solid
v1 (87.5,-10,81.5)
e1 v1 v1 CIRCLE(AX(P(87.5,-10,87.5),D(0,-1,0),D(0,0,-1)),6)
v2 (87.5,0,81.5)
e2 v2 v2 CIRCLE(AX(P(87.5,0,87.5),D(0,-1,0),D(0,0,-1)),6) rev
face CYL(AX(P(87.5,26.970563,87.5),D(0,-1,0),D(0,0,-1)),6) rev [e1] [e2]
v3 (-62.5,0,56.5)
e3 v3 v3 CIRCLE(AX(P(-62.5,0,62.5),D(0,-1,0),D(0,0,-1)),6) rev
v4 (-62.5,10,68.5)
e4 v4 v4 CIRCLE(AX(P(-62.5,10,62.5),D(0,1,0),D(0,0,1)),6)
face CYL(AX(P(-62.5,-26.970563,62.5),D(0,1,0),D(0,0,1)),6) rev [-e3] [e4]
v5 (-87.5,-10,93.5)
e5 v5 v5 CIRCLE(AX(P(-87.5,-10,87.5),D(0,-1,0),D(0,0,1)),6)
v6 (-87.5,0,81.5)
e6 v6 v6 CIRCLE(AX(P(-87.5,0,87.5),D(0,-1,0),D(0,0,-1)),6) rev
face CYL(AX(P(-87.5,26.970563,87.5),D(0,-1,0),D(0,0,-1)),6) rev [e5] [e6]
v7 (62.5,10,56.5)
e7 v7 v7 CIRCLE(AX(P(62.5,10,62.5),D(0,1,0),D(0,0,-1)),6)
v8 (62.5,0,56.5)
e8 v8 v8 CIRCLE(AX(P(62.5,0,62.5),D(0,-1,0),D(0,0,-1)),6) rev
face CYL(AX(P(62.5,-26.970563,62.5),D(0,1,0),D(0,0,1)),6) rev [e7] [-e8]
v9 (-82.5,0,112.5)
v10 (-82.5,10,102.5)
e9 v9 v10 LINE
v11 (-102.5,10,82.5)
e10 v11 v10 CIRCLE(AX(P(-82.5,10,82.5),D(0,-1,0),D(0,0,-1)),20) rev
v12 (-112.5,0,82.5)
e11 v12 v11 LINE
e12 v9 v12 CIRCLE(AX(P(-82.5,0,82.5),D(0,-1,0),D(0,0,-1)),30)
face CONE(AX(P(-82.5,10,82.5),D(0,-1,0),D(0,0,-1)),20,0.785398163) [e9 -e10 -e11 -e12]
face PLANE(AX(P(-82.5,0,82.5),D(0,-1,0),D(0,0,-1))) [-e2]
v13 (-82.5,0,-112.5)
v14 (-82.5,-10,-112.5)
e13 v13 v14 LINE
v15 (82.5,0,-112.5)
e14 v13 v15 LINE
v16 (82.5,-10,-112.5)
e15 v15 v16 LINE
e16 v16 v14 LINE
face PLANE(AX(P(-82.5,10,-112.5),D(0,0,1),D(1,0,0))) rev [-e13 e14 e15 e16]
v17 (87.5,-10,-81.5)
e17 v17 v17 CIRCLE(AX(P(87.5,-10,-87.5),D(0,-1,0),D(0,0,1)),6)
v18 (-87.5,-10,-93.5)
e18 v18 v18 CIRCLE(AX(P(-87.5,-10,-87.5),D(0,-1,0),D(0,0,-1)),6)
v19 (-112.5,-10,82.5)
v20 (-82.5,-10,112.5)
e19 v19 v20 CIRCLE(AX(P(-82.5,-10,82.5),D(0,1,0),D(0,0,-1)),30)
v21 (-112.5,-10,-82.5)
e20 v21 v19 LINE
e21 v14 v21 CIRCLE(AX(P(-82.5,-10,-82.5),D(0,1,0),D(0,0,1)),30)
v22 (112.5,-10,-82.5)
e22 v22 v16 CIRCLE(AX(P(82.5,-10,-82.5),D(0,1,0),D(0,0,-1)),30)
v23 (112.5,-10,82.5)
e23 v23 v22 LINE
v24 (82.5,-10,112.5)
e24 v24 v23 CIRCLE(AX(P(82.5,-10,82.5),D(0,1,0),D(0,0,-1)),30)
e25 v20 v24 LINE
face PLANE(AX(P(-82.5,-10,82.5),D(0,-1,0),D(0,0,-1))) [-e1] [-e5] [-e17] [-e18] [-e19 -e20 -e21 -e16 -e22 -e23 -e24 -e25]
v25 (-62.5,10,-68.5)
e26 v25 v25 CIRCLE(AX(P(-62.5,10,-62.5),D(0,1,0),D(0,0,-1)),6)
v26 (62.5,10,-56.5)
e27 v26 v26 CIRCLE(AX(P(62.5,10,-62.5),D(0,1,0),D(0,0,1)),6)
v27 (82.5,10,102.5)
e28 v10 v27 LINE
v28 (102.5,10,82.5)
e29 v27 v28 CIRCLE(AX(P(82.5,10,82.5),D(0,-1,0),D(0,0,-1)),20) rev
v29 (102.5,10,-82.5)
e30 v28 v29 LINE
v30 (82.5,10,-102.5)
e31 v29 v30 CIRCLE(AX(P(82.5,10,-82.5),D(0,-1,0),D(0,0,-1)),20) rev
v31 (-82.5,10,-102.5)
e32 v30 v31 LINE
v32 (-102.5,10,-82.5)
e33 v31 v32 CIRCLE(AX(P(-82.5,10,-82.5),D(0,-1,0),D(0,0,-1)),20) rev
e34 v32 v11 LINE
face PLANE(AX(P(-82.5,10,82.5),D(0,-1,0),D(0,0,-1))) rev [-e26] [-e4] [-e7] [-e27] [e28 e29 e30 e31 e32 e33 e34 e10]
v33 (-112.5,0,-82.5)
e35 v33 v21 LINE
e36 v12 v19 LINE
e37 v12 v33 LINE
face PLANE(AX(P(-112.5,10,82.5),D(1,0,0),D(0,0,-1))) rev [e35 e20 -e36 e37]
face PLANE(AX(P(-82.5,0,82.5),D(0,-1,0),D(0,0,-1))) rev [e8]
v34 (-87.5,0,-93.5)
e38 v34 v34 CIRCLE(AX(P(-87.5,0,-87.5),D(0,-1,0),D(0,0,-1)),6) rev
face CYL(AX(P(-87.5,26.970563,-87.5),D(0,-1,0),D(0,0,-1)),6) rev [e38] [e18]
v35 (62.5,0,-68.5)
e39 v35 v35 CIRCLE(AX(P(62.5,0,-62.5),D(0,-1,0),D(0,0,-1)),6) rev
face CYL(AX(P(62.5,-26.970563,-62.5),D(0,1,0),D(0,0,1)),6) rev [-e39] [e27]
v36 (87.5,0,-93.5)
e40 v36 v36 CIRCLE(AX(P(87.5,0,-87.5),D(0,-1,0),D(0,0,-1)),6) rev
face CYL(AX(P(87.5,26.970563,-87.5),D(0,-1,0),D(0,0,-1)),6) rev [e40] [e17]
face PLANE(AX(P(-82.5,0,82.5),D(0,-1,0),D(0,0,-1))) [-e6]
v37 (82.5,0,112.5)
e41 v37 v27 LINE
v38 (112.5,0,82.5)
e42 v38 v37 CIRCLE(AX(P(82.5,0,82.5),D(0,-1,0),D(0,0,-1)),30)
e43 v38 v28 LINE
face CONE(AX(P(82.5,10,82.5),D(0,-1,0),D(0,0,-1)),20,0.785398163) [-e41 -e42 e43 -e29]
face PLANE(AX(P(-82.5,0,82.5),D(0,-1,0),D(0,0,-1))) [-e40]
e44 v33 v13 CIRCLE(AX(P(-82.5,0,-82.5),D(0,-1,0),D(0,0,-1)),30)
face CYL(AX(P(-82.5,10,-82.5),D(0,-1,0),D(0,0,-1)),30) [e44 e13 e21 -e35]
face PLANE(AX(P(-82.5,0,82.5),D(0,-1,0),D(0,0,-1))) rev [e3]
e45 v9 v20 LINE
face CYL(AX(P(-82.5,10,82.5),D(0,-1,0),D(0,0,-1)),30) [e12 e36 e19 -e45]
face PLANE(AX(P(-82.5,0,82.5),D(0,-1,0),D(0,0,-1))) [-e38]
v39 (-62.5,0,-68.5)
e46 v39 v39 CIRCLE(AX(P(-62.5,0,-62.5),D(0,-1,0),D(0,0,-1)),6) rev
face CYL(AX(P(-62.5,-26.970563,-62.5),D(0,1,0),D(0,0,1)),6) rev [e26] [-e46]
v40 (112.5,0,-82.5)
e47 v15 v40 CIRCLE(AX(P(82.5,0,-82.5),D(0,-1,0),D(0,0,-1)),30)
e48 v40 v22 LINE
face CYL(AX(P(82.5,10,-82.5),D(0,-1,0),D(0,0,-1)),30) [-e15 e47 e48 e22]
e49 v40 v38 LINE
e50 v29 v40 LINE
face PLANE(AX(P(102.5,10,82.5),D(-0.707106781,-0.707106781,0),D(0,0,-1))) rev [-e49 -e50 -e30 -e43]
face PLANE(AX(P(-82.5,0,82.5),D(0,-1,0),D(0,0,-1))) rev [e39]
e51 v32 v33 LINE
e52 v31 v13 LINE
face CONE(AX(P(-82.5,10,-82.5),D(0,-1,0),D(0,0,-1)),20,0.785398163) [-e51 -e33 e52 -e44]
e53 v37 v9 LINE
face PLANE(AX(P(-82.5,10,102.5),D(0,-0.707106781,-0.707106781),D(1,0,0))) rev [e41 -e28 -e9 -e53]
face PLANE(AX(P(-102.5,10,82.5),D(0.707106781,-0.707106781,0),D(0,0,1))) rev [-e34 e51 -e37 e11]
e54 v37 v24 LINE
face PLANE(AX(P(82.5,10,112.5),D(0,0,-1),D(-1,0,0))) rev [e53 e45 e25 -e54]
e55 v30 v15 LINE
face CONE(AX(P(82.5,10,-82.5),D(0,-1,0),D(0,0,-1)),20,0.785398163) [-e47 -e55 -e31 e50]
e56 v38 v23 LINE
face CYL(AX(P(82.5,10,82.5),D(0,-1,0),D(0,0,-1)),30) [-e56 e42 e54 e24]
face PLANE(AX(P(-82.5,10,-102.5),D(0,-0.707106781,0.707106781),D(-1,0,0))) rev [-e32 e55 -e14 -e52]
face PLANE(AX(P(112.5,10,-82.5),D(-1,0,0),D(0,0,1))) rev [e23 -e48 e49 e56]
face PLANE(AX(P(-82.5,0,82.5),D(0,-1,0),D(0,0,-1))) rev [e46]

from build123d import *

# Parameters (mm, degrees)
BOSS_EXTRUDE1_DEPTH = 10
CHAMFER1_SIZE       = 10
SKETCH2_R           = 6
CUT_EXTRUDE1_DEPTH  = 10
SKETCH3_R           = 6
CUT_EXTRUDE2_DEPTH  = 10


with BuildPart() as part:
    # Sketch1 → Boss-Extrude1 (new, symmetric)
    with BuildSketch(Plane(origin=(0, 0, 0), x_dir=(1, 0, 0), z_dir=(0, 1, 0))):
        with BuildLine():
            Line((-82.5, 112.5), (82.5, 112.5))
            ThreePointArc((82.5, 112.5), (103.713203436, 103.713203436), (112.5, 82.5))
            Line((112.5, 82.5), (112.5, -82.5))
            ThreePointArc((112.5, -82.5), (103.713203436, -103.713203436), (82.5, -112.5))
            Line((82.5, -112.5), (-82.5, -112.5))
            ThreePointArc((-82.5, -112.5), (-103.713203436, -103.713203436), (-112.5, -82.5))
            Line((-112.5, -82.5), (-112.5, 82.5))
            ThreePointArc((-112.5, 82.5), (-103.713203436, 103.713203436), (-82.5, 112.5))
        make_face()
    extrude(amount=BOSS_EXTRUDE1_DEPTH, both=True)

    # Chamfer1
    chamfer1_edges = [part.edges().sort_by_distance(p)[0] for p in [
        (103.713203436, 10, 103.713203436),
        (112.5, 10, 0),
        (103.713203436, 10, -103.713203436),
        (0, 10, -112.5),
        (-103.713203436, 10, -103.713203436),
        (-112.5, 10, 0),
        (-103.713203436, 10, 103.713203436),
        (0, 10, 112.5),
    ]]
    chamfer(chamfer1_edges, length=CHAMFER1_SIZE)

    # Sketch2 → Cut-Extrude1 (cut)
    with BuildSketch(Plane(origin=(0, 10, 0), x_dir=(1, 0, 0), z_dir=(0, 1, 0))):
        with Locations(Location((62.5, 62.5, 0), (0, 0, 270))):
            Circle(SKETCH2_R)
        with Locations(Location((-62.5, 62.5, 0), (0, 0, 90))):
            Circle(SKETCH2_R)
        with Locations(Location((62.5, -62.5, 0), (0, 0, 90))):
            Circle(SKETCH2_R)
        with Locations(Location((-62.5, -62.5, 0), (0, 0, 270))):
            Circle(SKETCH2_R)
    extrude(amount=-CUT_EXTRUDE1_DEPTH, mode=Mode.SUBTRACT)

    # Sketch3 → Cut-Extrude2 (cut)
    with BuildSketch(Plane.XZ.offset(10)):
        with Locations(Location((87.5, 87.5, 0), (0, 0, 270))):
            Circle(SKETCH3_R)
        with Locations(Location((-87.5, 87.5, 0), (0, 0, 270))):
            Circle(SKETCH3_R)
        with Locations(Location((87.5, -87.5, 0), (0, 0, 270))):
            Circle(SKETCH3_R)
        with Locations(Location((-87.5, -87.5, 0), (0, 0, 270))):
            Circle(SKETCH3_R)
    extrude(amount=-CUT_EXTRUDE2_DEPTH, mode=Mode.SUBTRACT)


solid = part.part
